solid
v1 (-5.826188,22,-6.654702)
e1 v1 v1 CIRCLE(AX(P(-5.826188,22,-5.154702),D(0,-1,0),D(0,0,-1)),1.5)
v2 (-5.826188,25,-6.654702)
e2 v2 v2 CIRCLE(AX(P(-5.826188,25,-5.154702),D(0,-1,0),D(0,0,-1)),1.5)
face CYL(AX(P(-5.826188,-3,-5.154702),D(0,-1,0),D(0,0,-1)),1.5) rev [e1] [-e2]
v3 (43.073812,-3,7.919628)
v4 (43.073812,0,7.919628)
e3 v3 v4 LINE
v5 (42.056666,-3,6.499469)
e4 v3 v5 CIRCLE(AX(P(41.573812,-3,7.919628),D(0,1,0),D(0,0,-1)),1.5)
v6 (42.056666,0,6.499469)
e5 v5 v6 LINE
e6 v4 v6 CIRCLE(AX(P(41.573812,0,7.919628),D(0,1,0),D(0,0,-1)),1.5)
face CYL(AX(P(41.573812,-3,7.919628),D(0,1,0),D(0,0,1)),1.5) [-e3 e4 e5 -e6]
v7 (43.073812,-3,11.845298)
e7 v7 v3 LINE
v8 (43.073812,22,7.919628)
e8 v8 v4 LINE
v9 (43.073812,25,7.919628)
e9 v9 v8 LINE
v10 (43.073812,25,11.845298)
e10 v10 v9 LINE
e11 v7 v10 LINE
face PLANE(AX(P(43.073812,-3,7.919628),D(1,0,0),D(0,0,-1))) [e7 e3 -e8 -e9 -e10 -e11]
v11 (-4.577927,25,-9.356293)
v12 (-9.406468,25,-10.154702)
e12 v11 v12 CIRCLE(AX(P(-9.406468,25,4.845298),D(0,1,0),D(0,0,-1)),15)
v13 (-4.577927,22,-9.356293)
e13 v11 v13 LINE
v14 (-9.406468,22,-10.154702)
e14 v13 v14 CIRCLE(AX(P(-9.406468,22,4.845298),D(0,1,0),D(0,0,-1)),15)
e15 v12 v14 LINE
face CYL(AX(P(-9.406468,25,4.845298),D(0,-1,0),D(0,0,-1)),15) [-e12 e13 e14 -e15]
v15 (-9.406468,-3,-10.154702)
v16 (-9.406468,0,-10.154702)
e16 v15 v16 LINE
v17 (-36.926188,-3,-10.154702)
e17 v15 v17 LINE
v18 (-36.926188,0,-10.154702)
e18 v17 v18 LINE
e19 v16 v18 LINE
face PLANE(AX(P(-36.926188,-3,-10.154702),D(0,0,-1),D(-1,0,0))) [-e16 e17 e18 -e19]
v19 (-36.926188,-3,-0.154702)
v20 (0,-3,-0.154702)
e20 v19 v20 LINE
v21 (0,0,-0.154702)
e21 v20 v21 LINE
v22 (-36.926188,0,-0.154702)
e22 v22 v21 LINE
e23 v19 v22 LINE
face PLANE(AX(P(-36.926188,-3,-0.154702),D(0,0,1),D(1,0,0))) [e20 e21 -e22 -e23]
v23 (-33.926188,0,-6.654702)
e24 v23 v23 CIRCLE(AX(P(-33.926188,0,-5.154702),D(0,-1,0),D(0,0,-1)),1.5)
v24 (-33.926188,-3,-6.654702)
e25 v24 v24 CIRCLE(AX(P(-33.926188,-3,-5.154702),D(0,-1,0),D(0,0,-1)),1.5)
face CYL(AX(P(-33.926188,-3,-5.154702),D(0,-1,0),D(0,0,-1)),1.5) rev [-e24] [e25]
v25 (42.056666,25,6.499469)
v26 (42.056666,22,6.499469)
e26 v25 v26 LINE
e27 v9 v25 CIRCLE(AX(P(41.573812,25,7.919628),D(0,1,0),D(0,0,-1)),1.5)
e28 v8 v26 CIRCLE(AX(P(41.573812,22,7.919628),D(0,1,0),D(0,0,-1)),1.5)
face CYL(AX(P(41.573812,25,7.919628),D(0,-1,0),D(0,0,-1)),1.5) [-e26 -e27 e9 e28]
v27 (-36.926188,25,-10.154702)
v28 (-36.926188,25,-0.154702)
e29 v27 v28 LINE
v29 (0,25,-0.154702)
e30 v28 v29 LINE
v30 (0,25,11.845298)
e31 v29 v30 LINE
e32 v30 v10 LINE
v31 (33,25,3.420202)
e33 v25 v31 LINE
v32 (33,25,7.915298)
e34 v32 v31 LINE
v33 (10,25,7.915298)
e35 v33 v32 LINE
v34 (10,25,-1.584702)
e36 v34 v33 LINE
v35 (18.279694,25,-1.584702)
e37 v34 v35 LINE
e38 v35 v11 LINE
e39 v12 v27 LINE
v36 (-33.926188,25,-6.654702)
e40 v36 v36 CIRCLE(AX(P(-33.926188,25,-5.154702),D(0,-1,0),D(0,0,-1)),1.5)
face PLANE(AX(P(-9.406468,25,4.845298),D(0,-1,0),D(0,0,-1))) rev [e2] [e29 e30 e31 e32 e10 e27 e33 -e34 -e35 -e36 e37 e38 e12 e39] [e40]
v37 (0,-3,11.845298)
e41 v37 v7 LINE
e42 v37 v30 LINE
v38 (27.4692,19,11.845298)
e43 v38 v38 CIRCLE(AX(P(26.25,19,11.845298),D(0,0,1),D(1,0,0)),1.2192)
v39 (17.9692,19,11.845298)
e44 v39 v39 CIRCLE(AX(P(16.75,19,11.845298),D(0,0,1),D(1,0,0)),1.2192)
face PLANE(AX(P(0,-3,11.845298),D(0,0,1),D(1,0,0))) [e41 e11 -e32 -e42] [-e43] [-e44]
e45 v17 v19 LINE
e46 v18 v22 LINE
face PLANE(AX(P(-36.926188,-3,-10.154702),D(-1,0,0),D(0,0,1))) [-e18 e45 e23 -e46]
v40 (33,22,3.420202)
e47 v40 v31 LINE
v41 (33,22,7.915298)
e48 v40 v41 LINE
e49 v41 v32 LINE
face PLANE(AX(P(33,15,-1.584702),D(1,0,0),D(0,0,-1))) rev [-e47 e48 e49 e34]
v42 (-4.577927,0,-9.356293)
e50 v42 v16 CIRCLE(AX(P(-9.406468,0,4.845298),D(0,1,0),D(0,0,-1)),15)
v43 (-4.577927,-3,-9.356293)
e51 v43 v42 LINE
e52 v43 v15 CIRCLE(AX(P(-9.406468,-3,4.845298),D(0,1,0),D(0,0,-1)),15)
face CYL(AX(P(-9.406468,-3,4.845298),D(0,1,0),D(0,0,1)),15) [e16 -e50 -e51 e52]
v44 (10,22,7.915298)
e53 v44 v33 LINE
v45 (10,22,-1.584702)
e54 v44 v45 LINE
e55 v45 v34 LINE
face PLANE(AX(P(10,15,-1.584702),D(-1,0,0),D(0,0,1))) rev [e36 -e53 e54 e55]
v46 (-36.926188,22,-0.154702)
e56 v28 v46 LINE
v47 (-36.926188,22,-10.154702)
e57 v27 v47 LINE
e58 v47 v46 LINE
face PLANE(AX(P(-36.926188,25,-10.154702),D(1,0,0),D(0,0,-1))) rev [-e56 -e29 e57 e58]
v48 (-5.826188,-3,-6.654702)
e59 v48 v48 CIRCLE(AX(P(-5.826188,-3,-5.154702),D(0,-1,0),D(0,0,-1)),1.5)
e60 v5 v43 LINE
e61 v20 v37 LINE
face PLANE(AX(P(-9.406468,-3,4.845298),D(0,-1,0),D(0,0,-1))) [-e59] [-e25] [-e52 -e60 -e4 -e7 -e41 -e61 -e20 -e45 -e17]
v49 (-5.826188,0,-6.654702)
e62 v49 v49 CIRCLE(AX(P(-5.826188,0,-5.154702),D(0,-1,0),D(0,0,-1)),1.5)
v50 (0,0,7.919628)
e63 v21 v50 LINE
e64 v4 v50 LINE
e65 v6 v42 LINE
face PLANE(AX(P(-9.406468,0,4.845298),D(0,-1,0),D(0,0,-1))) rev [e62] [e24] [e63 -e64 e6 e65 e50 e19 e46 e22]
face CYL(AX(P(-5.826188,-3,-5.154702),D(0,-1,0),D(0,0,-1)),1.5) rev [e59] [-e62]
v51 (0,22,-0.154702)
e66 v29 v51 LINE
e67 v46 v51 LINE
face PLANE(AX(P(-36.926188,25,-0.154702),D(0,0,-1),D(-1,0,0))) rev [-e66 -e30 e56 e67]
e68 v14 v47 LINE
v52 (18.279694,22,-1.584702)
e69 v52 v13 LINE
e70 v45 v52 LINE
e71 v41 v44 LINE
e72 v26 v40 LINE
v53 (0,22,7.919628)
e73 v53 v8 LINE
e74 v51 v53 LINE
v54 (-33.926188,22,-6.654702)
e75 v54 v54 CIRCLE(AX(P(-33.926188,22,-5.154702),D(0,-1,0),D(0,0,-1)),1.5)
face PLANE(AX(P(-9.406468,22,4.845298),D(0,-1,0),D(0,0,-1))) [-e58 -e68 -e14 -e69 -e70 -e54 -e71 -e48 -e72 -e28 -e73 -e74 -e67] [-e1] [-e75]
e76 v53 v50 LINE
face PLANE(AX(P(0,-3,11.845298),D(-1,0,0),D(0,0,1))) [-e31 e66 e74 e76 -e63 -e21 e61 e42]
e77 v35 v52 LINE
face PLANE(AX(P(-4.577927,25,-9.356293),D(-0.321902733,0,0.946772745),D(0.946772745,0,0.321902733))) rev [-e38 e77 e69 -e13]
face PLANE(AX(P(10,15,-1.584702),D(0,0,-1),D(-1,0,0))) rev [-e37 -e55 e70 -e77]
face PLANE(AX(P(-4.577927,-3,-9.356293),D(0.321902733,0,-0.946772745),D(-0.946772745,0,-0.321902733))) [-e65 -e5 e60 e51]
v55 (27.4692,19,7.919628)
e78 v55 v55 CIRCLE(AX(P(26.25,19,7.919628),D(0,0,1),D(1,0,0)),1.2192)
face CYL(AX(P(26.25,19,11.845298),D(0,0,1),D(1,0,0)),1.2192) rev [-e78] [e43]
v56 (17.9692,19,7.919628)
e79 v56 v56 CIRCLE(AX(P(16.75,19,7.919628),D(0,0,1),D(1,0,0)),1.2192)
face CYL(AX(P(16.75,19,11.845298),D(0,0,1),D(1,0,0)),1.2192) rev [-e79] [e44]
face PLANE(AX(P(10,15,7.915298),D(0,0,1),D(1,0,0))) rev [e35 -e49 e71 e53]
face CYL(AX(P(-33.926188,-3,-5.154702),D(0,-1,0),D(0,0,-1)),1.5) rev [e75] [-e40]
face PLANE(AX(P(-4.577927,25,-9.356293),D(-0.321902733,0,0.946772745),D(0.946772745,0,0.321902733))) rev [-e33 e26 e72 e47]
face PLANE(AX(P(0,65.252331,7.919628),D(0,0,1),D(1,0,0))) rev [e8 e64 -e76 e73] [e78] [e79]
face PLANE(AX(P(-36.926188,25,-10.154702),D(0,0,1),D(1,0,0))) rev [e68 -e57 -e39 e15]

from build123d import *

# Parameters (mm, degrees)
BOSS_EXTRUDE1_DEPTH                      = 3
BOSS_EXTRUDE2_START                      = 22
BOSS_EXTRUDE2_DEPTH                      = 3
SKETCH3_W                                = 1.5
SKETCH3_H                                = 28
F_3_0MM_CLEARANCE_DOWEL_HOLE1_AT_2_COUNT = 2
F_3_0MM_CLEARANCE_DOWEL_HOLE1_AT_2_PITCH = 28.1
SKETCH5_W                                = 43.073811931
SKETCH5_H                                = 3.925670489
BOSS_EXTRUDE3_DEPTH                      = 22
SKETCH6_W                                = 23
SKETCH6_H                                = 9.5
CUT_EXTRUDE1_DEPTH                       = 10
F_2_CLEARANCE_HOLE1_D                    = 2.4384


with BuildPart() as part:
    # Sketch1 → Boss-Extrude1 (new body)
    with BuildSketch(Plane(origin=(0, 0, 0), x_dir=(1, 0, 0), z_dir=(0, 1, 0))):
        with BuildLine():
            Line((-4.577926811, 9.356292891), (42.056666031, -6.499468675))
            ThreePointArc((42.056666031, -6.499468675), (42.793295664, -7.04620955), (43.073811931, -7.919627792))
            Line((43.073811931, -7.919627792), (43.073811931, -11.845298281))
            Line((43.073811931, -11.845298281), (0, -11.845298281))
            Line((0, -11.845298281), (0, 0.154701719))
            Line((0, 0.154701719), (-36.926188069, 0.154701719))
            Line((-36.926188069, 0.154701719), (-36.926188069, 10.154701719))
            Line((-36.926188069, 10.154701719), (-9.406467809, 10.154701719))
            ThreePointArc((-9.406467809, 10.154701719), (-6.959415254, 9.953753506), (-4.577926811, 9.356292891))
        make_face()
    extrude(amount=-BOSS_EXTRUDE1_DEPTH)


with BuildPart() as body_2:
    # Sketch1<2> → Boss-Extrude2 (new body)
    with BuildSketch(Plane(origin=(0, 0, 0), x_dir=(1, 0, 0), z_dir=(0, 1, 0)).offset(BOSS_EXTRUDE2_START)):
        with BuildLine():
            Line((-4.577926811, 9.356292891), (42.056666031, -6.499468675))
            ThreePointArc((42.056666031, -6.499468675), (42.793295664, -7.04620955), (43.073811931, -7.919627792))
            Line((43.073811931, -7.919627792), (43.073811931, -11.845298281))
            Line((43.073811931, -11.845298281), (0, -11.845298281))
            Line((0, -11.845298281), (0, 0.154701719))
            Line((0, 0.154701719), (-36.926188069, 0.154701719))
            Line((-36.926188069, 0.154701719), (-36.926188069, 10.154701719))
            Line((-36.926188069, 10.154701719), (-9.406467809, 10.154701719))
            ThreePointArc((-9.406467809, 10.154701719), (-6.959415254, 9.953753506), (-4.577926811, 9.356292891))
        make_face()
    extrude(amount=BOSS_EXTRUDE2_DEPTH)


with BuildPart() as f_3_0mm_clearance_dowel_hole1_tool:
    # Sketch3 → Ø3.0mm Clearance Dowel Hole1 (revolve)
    with BuildSketch(Plane(origin=(-33.926188069, -3, -5.154701719), x_dir=(0, 0, -1), z_dir=(1, 0, 0))):
        with Locations((0.75, 14)):
            Rectangle(SKETCH3_W, SKETCH3_H)
    f_3_0mm_clearance_dowel_hole1 = revolve(axis=Axis((-33.926188069, -9.35, -5.154701719), (0, 1, 0)))


with BuildPart() as part_1:
    add(part.part)

    # Ø3.0mm Clearance Dowel Hole1: cut by f_3_0mm_clearance_dowel_hole1_tool
    add(f_3_0mm_clearance_dowel_hole1_tool.part, mode=Mode.SUBTRACT)


with BuildPart() as body_2_1:
    add(body_2.part)

    # Ø3.0mm Clearance Dowel Hole1: cut by f_3_0mm_clearance_dowel_hole1_tool
    add(f_3_0mm_clearance_dowel_hole1_tool.part, mode=Mode.SUBTRACT)


with BuildPart() as f_3_0mm_clearance_dowel_hole1_at_2_tool:
    # Ø3.0mm Clearance Dowel Hole1 at 2: Ø3.0mm Clearance Dowel Hole1 ×2
    with Locations(*[(i * F_3_0MM_CLEARANCE_DOWEL_HOLE1_AT_2_PITCH, 0, 0) for i in range(1, F_3_0MM_CLEARANCE_DOWEL_HOLE1_AT_2_COUNT)]):
        add(f_3_0mm_clearance_dowel_hole1)


with BuildPart() as part_2:
    add(part_1.part)

    # Ø3.0mm Clearance Dowel Hole1 at 2: cut by f_3_0mm_clearance_dowel_hole1_at_2_tool
    add(f_3_0mm_clearance_dowel_hole1_at_2_tool.part, mode=Mode.SUBTRACT)



with BuildPart() as body_2_2:
    add(body_2_1.part)

    # Ø3.0mm Clearance Dowel Hole1 at 2: cut by f_3_0mm_clearance_dowel_hole1_at_2_tool
    add(f_3_0mm_clearance_dowel_hole1_at_2_tool.part, mode=Mode.SUBTRACT)


with BuildPart() as part_3:
    add(part_2.part)

    add(body_2_2.part)  # Boss-Extrude3 merges body 2
    # Sketch5 → Boss-Extrude3 (add)
    with BuildSketch(Plane(origin=(0, 0, 0), x_dir=(1, 0, 0), z_dir=(0, 1, 0))):
        with Locations((21.536905966, -9.882463037)):
            Rectangle(SKETCH5_W, SKETCH5_H)
    extrude(amount=BOSS_EXTRUDE3_DEPTH)

    # Sketch6 → Cut-Extrude1 (cut)
    with BuildSketch(Plane(origin=(0, 25, 0), x_dir=(1, 0, 0), z_dir=(0, 1, 0))):
        with Locations((21.5, -3.165298281)):
            Rectangle(SKETCH6_W, SKETCH6_H)
    extrude(amount=-CUT_EXTRUDE1_DEPTH, mode=Mode.SUBTRACT)

    # #2 Clearance Hole1 (through all)
    with Locations(Plane.XY.offset(11.845298281)):
        with Locations((16.75, 19), (26.25, 19)):
            Hole(F_2_CLEARANCE_HOLE1_D / 2)


solid = part_3.part
